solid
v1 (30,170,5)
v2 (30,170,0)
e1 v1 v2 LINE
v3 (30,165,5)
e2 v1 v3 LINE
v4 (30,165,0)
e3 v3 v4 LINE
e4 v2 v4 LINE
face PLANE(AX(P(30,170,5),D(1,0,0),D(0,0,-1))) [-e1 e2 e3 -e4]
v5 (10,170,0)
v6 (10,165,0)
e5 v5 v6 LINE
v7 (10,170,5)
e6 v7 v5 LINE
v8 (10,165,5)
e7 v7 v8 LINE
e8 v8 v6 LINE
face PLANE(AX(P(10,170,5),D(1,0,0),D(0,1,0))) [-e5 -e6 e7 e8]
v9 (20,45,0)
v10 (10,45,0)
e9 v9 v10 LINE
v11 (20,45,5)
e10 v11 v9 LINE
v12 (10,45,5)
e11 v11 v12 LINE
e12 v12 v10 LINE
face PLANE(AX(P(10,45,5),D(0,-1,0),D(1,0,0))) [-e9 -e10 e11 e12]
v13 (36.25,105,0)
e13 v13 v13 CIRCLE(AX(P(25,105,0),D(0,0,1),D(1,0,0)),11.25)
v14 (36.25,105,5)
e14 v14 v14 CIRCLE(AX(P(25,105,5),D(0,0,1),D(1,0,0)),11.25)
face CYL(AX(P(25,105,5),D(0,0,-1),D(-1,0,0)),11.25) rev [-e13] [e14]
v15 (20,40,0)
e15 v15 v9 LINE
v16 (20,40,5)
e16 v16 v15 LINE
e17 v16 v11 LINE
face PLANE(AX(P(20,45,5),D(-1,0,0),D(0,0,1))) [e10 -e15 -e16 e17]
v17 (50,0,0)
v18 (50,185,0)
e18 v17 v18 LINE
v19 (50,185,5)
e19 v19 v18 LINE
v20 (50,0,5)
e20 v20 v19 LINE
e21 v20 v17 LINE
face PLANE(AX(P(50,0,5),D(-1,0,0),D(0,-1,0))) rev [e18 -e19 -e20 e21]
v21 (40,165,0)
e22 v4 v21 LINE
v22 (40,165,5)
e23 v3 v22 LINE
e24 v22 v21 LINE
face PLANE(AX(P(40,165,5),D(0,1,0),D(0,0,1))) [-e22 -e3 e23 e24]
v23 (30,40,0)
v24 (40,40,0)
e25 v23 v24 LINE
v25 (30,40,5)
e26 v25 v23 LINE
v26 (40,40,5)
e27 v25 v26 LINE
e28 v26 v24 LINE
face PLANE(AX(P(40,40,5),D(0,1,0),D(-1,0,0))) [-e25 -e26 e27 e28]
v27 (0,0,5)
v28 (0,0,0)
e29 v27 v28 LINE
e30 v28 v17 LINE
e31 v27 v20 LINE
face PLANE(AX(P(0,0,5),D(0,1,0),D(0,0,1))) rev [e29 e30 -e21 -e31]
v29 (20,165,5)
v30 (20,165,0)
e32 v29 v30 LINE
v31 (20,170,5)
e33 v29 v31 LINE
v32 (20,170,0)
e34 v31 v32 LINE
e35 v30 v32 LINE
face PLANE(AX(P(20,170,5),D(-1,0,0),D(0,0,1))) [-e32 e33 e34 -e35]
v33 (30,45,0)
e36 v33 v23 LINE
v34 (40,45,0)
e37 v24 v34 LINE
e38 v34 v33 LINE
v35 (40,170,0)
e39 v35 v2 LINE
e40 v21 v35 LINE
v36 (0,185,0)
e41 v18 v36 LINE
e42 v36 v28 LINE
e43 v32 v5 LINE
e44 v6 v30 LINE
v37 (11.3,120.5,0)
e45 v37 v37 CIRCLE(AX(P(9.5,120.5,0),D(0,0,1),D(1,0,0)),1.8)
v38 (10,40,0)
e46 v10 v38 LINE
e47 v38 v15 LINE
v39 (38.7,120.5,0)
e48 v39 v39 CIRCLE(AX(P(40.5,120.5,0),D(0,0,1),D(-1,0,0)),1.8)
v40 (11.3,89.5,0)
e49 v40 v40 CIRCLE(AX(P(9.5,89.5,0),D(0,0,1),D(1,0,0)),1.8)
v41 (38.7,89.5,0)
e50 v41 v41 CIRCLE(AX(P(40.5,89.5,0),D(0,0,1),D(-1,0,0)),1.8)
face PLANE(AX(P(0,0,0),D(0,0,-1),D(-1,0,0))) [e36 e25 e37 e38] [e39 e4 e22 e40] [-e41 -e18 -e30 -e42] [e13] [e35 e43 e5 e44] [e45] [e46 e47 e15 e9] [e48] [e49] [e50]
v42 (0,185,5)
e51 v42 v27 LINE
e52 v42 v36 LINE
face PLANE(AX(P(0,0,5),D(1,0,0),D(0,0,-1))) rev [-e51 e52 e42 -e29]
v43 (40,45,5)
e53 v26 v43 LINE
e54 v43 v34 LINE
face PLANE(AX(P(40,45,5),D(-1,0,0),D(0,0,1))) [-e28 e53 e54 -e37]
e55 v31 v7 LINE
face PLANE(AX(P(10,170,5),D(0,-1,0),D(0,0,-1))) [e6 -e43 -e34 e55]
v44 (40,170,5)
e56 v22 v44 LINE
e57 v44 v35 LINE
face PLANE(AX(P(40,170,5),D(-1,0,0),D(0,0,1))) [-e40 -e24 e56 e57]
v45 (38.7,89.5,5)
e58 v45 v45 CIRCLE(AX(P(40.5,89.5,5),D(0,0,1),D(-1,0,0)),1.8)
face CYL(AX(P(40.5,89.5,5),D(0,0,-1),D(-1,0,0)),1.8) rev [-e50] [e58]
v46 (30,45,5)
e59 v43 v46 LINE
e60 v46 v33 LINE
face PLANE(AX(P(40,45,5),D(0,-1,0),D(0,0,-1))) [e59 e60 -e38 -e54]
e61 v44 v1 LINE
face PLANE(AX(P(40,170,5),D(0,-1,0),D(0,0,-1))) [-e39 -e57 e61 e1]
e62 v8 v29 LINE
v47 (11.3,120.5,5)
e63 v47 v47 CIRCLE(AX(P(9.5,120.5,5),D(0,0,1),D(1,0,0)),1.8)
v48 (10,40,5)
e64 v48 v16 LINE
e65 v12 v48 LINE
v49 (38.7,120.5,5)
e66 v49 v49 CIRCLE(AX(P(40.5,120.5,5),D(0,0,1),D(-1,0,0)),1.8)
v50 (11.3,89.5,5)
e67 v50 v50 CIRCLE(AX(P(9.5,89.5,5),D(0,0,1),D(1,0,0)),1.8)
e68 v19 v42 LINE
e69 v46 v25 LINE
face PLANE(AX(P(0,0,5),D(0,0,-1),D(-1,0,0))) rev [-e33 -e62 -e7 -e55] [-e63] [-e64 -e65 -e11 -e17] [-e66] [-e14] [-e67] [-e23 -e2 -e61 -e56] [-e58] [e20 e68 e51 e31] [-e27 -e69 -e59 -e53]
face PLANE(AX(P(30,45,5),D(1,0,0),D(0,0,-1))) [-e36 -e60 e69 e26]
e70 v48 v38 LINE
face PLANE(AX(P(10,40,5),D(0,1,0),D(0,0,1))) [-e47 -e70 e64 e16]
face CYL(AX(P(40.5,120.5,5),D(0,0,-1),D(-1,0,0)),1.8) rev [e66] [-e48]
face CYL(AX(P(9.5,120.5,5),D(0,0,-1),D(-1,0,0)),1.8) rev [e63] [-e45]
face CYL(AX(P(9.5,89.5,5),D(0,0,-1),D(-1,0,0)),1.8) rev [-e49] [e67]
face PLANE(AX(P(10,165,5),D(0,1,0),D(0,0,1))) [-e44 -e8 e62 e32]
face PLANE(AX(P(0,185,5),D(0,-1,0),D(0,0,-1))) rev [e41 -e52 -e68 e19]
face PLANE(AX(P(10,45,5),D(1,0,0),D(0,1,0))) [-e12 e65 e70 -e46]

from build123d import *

# Parameters (mm, degrees)
SKETCH1_W           = 50
SKETCH1_H           = 185
SKETCH1_R           = 11.25
SKETCH1_R_2         = 1.8
SKETCH1_W_2         = 10
SKETCH1_H_2         = 5
BOSS_EXTRUDE1_DEPTH = 5


with BuildPart() as part:
    # Sketch1 → Boss-Extrude1 (new body)
    with BuildSketch(Plane.XY):
        with Locations((25, 92.5)):
            Rectangle(SKETCH1_W, SKETCH1_H)
        with Locations((25, 105)):
            Circle(SKETCH1_R, mode=Mode.SUBTRACT)
        with Locations((9.5, 120.5)):
            Circle(SKETCH1_R_2, mode=Mode.SUBTRACT)
        with Locations((9.5, 89.5)):
            Circle(SKETCH1_R_2, mode=Mode.SUBTRACT)
        with Locations((40.5, 89.5)):
            Circle(SKETCH1_R_2, mode=Mode.SUBTRACT)
        with Locations((40.5, 120.5)):
            Circle(SKETCH1_R_2, mode=Mode.SUBTRACT)
        with Locations((15, 167.5)):
            Rectangle(SKETCH1_W_2, SKETCH1_H_2, mode=Mode.SUBTRACT)
        with Locations((15, 42.5)):
            Rectangle(SKETCH1_W_2, SKETCH1_H_2, mode=Mode.SUBTRACT)
        with Locations((35, 42.5)):
            Rectangle(SKETCH1_W_2, SKETCH1_H_2, mode=Mode.SUBTRACT)
        with Locations((35, 167.5)):
            Rectangle(SKETCH1_W_2, SKETCH1_H_2, mode=Mode.SUBTRACT)
    extrude(amount=BOSS_EXTRUDE1_DEPTH)


solid = part.part
